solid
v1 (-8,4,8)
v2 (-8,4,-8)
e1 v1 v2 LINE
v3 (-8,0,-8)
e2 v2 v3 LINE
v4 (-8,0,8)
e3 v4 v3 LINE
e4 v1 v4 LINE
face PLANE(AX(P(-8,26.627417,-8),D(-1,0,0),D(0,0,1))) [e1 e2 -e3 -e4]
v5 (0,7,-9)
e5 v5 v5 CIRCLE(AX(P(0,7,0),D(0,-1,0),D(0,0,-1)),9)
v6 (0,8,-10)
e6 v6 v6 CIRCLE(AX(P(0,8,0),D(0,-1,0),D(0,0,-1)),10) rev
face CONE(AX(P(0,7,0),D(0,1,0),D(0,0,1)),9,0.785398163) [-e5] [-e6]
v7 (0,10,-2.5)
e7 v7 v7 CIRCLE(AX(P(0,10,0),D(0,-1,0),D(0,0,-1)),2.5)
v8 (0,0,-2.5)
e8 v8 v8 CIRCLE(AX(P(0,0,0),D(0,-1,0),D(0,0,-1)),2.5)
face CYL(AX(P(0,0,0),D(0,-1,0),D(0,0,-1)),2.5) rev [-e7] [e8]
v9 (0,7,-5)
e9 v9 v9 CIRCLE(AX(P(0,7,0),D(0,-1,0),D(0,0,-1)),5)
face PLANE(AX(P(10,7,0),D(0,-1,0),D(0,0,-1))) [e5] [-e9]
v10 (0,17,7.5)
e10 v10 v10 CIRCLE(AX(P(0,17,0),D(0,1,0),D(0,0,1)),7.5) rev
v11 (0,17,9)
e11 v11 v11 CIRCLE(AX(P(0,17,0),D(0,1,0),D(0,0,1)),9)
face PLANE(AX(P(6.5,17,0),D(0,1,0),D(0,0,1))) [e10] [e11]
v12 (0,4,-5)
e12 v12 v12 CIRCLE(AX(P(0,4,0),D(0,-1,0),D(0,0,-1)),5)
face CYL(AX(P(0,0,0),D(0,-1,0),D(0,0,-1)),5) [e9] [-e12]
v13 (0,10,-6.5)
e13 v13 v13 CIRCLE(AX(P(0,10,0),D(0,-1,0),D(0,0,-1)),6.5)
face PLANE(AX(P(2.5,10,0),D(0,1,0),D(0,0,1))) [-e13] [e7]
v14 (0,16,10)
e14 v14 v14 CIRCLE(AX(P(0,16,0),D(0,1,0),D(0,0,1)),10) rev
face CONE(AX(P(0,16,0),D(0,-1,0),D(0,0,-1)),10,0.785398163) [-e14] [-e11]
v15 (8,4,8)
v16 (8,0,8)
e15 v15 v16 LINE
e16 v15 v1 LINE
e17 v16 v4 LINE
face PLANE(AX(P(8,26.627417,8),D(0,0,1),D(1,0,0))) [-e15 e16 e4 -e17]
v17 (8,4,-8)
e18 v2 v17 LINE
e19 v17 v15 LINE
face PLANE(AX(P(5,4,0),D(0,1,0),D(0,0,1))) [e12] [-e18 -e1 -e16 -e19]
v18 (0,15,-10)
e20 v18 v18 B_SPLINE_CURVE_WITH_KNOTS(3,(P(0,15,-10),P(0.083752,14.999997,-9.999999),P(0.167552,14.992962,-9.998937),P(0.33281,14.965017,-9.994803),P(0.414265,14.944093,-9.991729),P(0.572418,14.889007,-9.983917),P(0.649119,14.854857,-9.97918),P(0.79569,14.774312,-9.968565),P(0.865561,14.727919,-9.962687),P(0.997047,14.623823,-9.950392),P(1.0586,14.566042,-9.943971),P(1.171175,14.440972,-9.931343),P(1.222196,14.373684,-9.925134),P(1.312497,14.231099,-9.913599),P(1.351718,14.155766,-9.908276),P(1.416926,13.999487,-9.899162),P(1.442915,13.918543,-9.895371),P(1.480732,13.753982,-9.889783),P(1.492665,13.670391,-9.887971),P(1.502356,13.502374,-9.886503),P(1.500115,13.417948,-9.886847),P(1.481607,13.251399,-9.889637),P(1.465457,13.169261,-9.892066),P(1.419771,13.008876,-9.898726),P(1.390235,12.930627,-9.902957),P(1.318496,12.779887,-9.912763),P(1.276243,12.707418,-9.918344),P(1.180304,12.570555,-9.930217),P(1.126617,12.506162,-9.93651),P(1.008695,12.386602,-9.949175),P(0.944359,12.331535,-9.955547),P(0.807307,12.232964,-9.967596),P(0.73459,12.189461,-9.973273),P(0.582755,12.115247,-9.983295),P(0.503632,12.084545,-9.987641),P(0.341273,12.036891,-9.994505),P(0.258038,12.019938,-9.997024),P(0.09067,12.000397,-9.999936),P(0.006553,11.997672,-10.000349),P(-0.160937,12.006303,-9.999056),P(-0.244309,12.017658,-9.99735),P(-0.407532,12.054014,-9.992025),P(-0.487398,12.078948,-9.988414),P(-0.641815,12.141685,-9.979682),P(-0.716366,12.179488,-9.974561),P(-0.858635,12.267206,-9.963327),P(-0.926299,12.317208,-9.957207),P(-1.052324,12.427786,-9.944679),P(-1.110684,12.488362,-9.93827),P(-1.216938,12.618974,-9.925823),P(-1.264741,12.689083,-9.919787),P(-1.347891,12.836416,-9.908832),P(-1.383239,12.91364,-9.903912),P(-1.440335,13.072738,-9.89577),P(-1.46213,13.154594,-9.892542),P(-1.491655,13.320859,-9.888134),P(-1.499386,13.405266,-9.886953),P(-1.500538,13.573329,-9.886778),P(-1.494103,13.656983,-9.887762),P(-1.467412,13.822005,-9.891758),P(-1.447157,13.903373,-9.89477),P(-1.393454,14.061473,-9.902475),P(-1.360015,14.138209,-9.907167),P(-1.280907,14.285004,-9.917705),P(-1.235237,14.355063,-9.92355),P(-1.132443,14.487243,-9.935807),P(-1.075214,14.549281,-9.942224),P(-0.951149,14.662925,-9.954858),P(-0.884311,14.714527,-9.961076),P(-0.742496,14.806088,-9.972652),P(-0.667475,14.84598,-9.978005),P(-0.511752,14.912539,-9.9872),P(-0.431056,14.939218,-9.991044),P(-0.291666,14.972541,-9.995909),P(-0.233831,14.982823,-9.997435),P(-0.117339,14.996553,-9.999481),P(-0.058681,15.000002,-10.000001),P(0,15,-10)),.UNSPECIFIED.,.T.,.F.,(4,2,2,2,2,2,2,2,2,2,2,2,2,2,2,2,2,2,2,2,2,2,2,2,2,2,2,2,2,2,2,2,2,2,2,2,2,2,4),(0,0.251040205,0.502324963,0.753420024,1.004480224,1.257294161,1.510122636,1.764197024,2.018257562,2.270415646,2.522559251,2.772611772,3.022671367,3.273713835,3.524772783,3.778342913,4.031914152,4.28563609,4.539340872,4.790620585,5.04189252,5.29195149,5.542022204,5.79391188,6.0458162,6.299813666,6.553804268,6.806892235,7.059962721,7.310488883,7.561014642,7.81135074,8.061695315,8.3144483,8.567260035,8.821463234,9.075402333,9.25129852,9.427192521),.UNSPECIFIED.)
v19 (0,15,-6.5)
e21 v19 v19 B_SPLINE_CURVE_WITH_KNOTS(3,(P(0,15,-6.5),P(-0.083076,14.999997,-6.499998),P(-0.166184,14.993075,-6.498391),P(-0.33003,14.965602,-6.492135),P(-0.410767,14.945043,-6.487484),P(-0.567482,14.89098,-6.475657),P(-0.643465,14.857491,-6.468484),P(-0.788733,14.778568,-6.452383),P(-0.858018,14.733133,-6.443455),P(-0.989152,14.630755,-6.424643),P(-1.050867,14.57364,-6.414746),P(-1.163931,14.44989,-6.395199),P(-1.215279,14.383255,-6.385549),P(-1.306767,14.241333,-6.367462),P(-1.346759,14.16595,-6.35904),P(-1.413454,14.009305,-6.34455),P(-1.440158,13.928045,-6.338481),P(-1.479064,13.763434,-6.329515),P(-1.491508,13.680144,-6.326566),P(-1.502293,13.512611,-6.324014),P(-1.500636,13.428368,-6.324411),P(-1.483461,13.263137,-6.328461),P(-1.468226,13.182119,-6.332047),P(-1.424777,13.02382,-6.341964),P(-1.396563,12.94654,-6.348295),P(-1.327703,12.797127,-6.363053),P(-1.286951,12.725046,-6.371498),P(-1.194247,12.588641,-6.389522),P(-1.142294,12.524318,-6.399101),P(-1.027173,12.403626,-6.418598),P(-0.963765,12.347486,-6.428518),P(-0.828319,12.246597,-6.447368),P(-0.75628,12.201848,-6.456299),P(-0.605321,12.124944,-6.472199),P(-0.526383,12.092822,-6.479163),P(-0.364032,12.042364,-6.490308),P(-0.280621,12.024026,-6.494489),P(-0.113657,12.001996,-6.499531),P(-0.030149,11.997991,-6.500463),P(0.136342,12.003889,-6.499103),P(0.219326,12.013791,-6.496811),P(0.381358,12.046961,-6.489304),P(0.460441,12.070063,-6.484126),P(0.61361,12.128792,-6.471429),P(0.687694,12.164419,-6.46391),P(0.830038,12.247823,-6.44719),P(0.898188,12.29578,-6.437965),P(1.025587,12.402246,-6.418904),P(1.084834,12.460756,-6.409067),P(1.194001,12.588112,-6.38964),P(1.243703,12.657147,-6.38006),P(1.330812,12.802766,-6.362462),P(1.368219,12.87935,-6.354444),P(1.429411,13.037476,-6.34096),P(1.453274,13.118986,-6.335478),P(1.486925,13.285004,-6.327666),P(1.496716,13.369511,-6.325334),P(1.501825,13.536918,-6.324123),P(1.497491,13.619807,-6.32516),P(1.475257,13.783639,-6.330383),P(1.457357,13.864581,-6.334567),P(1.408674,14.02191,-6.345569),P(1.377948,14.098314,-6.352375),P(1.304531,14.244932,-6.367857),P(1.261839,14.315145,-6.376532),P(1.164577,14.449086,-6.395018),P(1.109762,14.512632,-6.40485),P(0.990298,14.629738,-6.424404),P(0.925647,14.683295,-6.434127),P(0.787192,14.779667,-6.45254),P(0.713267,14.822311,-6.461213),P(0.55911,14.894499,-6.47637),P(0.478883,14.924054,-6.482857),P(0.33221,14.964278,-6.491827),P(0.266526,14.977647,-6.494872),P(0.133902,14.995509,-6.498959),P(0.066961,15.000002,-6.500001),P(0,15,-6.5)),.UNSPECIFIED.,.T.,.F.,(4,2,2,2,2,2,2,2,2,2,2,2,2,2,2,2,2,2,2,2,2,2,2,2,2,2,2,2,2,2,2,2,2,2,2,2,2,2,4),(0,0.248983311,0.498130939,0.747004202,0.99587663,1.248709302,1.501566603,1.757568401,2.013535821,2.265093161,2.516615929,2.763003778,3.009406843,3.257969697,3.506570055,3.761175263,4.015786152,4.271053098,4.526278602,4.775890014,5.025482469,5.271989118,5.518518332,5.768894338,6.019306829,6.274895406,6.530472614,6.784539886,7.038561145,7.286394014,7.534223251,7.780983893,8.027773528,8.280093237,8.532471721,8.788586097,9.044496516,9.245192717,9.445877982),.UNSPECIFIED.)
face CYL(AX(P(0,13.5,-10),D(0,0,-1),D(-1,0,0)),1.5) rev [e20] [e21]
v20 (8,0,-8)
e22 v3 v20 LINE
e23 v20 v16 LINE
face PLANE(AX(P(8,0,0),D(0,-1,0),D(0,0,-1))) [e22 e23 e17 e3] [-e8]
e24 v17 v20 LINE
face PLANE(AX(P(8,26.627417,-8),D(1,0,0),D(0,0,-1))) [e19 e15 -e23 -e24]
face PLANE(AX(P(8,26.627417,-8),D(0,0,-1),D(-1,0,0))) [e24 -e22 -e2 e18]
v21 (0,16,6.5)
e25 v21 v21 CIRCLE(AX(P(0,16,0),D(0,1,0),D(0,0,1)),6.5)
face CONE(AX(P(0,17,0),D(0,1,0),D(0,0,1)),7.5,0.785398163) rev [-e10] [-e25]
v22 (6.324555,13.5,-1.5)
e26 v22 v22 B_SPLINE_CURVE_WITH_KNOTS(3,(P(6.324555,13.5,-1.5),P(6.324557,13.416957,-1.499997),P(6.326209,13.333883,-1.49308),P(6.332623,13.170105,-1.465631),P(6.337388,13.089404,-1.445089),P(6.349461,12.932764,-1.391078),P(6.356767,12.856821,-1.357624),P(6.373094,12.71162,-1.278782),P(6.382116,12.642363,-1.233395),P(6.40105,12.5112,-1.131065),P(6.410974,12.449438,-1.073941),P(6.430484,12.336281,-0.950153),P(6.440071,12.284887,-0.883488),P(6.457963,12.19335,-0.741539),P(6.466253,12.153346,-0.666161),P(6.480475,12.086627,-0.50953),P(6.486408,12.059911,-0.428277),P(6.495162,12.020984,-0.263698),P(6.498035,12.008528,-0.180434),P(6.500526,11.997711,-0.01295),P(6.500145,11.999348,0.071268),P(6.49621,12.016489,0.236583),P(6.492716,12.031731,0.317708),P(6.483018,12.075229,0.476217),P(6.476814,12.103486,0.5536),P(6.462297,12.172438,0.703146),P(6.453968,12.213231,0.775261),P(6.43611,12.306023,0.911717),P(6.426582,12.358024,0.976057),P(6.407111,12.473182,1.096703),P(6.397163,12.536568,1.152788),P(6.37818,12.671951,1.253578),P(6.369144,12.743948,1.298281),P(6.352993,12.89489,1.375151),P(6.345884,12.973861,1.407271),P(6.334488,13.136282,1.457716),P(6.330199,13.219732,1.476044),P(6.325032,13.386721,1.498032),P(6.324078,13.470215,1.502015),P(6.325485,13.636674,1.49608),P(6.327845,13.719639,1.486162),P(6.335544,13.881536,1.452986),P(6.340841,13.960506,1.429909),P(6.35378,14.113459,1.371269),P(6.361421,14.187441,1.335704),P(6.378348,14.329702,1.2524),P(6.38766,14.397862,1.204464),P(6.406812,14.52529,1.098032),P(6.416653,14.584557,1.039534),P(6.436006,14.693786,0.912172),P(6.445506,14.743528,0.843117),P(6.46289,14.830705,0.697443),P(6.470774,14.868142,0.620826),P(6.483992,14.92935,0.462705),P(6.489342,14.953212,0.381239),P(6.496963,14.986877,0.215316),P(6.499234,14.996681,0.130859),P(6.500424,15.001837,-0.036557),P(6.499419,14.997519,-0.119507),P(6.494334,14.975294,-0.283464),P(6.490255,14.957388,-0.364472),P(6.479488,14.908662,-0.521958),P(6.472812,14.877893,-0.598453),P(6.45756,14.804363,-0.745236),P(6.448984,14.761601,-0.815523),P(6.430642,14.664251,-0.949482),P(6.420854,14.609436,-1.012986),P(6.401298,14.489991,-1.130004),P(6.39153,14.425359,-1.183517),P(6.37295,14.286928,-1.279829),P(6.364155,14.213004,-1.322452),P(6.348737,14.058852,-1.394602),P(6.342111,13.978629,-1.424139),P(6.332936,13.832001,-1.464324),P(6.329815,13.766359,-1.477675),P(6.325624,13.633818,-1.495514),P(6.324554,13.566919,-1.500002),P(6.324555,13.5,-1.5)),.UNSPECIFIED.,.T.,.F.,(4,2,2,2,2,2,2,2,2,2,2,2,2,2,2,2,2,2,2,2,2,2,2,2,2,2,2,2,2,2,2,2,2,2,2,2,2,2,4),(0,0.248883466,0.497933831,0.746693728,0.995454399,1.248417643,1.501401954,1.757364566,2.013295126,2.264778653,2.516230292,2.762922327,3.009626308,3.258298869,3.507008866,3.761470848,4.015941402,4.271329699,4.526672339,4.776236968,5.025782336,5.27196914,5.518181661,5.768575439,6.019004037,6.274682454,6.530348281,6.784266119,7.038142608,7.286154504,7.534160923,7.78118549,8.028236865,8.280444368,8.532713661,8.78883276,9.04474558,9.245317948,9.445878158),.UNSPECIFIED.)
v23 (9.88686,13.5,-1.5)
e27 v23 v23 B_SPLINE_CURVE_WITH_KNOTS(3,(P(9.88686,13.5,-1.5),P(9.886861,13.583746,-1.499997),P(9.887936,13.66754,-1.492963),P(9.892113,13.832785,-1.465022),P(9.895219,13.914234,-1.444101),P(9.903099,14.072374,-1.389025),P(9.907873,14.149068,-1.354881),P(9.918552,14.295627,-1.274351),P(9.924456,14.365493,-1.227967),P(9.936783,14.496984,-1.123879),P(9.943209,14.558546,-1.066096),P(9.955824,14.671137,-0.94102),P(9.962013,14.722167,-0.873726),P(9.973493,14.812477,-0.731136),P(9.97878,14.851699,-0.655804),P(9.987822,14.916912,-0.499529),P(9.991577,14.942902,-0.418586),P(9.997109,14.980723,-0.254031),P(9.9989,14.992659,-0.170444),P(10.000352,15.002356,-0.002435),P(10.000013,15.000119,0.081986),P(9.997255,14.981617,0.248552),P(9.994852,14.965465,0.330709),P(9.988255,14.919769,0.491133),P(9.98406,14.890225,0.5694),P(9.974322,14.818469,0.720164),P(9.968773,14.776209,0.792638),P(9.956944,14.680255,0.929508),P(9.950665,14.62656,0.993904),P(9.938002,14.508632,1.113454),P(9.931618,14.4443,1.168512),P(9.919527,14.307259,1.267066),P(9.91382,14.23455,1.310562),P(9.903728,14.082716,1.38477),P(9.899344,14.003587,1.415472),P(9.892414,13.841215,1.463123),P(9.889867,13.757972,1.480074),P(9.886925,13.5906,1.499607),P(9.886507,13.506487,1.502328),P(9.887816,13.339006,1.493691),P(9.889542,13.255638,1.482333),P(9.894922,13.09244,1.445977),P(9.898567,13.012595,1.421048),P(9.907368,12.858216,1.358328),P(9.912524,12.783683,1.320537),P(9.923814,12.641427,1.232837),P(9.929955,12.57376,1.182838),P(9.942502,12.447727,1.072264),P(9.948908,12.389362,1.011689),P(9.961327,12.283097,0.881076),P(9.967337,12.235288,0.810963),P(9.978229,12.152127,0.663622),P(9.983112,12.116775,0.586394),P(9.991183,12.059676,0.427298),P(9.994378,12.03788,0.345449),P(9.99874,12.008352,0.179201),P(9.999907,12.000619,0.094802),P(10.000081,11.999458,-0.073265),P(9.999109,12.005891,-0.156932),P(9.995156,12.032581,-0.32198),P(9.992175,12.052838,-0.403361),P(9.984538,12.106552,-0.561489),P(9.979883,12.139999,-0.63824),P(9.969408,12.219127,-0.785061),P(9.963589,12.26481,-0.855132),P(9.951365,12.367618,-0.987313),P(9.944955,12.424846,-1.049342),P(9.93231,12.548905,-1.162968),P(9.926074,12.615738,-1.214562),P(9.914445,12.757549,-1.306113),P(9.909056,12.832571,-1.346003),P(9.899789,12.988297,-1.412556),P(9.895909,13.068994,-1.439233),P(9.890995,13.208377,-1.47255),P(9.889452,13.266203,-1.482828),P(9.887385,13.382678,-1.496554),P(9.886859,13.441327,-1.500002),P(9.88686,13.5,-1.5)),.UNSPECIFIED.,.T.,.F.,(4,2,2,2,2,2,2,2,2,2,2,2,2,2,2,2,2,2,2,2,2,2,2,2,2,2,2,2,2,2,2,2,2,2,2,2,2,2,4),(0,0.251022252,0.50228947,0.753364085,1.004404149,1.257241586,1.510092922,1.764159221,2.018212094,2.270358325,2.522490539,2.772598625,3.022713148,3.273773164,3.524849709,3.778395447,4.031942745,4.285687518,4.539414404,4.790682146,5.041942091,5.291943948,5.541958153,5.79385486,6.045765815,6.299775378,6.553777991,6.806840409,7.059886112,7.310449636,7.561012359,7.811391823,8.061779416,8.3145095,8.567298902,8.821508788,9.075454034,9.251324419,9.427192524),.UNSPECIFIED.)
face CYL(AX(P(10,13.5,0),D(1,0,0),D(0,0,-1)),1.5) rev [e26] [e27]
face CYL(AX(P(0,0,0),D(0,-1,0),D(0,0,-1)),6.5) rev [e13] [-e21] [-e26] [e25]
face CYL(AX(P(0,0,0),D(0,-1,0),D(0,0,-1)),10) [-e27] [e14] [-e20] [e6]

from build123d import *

# Parameters (mm, degrees)
F_3_0_3_DIAMETER_HOLE1_D               = 3
F_3_0_3_DIAMETER_HOLE1_DEPTH           = 12
F_3_0_3_DIAMETER_HOLE1_TIP             = 0.901290929
F_3_0_3_DIAMETER_HOLE1_ON_FACE_2_D     = 3
F_3_0_3_DIAMETER_HOLE1_ON_FACE_2_DEPTH = 12
F_3_0_3_DIAMETER_HOLE1_ON_FACE_2_TIP   = 0.901290929
CHAMFER1_SIZE                          = 1
CHAMFER2_SIZE                          = 1
SKETCH4_W                              = 16
SKETCH4_H                              = 16
SKETCH4_R                              = 5.091457849
EXTRUDE1_DEPTH                         = 4


with BuildPart() as part:
    # Sketch1 → Revolve1 (revolve)
    with BuildSketch(Plane.XY, mode=Mode.PRIVATE) as revolve1_sk:
        Polygon((2.5, 0), (2.5, 10), (6.5, 10), (6.5, 17), (10, 17), (10, 7), (5, 7), (5, 4), (8, 4), (8, 0), align=None)
    revolve(revolve1_sk.sketch.rotate(Axis((0, 0, 0), (0, 1, 0)), 90), axis=Axis((0, 0, 0), (0, 1, 0)))  # turned: the seam where the file's is

    # Ø3.0 (3) Diameter Hole1
    with Locations(Plane(origin=(0, 13.5, -10), x_dir=(-1, 0, 0), z_dir=(0, 0, -1))):
        with Locations((0, 0)):
            Hole(F_3_0_3_DIAMETER_HOLE1_D / 2, depth=F_3_0_3_DIAMETER_HOLE1_DEPTH)
            with Locations((0, 0, -(F_3_0_3_DIAMETER_HOLE1_DEPTH + F_3_0_3_DIAMETER_HOLE1_TIP / 2))):  # 118° drill point
                Cone(0, F_3_0_3_DIAMETER_HOLE1_D / 2, F_3_0_3_DIAMETER_HOLE1_TIP, mode=Mode.SUBTRACT)

    # Ø3.0 (3) Diameter Hole1 on face 2
    with Locations(Plane(origin=(10, 13.5, 0), x_dir=(0, 0, 1), z_dir=(1, 0, 0))):
        with Locations((0, 0)):
            Hole(F_3_0_3_DIAMETER_HOLE1_ON_FACE_2_D / 2, depth=F_3_0_3_DIAMETER_HOLE1_ON_FACE_2_DEPTH)
            with Locations((0, 0, -(F_3_0_3_DIAMETER_HOLE1_ON_FACE_2_DEPTH + F_3_0_3_DIAMETER_HOLE1_ON_FACE_2_TIP / 2))):  # 118° drill point
                Cone(0, F_3_0_3_DIAMETER_HOLE1_ON_FACE_2_D / 2, F_3_0_3_DIAMETER_HOLE1_ON_FACE_2_TIP, mode=Mode.SUBTRACT)

    # Chamfer1
    chamfer1_edges = [part.edges().sort_by_distance(p)[0] for p in [
        (0, 7, 10),
        (0, 17, 10),
    ]]
    chamfer(chamfer1_edges, length=CHAMFER1_SIZE)

    # Chamfer2
    chamfer2_edges = [part.edges().sort_by_distance(p)[0] for p in [
        (0, 17, 6.5),
    ]]
    chamfer(chamfer2_edges, length=CHAMFER2_SIZE)

    # Sketch4 → Extrude1 (add)
    with BuildSketch(Plane.XZ):
        Rectangle(SKETCH4_W, SKETCH4_H)
        Circle(SKETCH4_R, mode=Mode.SUBTRACT)
    extrude(amount=-EXTRUDE1_DEPTH)


solid = part.part
